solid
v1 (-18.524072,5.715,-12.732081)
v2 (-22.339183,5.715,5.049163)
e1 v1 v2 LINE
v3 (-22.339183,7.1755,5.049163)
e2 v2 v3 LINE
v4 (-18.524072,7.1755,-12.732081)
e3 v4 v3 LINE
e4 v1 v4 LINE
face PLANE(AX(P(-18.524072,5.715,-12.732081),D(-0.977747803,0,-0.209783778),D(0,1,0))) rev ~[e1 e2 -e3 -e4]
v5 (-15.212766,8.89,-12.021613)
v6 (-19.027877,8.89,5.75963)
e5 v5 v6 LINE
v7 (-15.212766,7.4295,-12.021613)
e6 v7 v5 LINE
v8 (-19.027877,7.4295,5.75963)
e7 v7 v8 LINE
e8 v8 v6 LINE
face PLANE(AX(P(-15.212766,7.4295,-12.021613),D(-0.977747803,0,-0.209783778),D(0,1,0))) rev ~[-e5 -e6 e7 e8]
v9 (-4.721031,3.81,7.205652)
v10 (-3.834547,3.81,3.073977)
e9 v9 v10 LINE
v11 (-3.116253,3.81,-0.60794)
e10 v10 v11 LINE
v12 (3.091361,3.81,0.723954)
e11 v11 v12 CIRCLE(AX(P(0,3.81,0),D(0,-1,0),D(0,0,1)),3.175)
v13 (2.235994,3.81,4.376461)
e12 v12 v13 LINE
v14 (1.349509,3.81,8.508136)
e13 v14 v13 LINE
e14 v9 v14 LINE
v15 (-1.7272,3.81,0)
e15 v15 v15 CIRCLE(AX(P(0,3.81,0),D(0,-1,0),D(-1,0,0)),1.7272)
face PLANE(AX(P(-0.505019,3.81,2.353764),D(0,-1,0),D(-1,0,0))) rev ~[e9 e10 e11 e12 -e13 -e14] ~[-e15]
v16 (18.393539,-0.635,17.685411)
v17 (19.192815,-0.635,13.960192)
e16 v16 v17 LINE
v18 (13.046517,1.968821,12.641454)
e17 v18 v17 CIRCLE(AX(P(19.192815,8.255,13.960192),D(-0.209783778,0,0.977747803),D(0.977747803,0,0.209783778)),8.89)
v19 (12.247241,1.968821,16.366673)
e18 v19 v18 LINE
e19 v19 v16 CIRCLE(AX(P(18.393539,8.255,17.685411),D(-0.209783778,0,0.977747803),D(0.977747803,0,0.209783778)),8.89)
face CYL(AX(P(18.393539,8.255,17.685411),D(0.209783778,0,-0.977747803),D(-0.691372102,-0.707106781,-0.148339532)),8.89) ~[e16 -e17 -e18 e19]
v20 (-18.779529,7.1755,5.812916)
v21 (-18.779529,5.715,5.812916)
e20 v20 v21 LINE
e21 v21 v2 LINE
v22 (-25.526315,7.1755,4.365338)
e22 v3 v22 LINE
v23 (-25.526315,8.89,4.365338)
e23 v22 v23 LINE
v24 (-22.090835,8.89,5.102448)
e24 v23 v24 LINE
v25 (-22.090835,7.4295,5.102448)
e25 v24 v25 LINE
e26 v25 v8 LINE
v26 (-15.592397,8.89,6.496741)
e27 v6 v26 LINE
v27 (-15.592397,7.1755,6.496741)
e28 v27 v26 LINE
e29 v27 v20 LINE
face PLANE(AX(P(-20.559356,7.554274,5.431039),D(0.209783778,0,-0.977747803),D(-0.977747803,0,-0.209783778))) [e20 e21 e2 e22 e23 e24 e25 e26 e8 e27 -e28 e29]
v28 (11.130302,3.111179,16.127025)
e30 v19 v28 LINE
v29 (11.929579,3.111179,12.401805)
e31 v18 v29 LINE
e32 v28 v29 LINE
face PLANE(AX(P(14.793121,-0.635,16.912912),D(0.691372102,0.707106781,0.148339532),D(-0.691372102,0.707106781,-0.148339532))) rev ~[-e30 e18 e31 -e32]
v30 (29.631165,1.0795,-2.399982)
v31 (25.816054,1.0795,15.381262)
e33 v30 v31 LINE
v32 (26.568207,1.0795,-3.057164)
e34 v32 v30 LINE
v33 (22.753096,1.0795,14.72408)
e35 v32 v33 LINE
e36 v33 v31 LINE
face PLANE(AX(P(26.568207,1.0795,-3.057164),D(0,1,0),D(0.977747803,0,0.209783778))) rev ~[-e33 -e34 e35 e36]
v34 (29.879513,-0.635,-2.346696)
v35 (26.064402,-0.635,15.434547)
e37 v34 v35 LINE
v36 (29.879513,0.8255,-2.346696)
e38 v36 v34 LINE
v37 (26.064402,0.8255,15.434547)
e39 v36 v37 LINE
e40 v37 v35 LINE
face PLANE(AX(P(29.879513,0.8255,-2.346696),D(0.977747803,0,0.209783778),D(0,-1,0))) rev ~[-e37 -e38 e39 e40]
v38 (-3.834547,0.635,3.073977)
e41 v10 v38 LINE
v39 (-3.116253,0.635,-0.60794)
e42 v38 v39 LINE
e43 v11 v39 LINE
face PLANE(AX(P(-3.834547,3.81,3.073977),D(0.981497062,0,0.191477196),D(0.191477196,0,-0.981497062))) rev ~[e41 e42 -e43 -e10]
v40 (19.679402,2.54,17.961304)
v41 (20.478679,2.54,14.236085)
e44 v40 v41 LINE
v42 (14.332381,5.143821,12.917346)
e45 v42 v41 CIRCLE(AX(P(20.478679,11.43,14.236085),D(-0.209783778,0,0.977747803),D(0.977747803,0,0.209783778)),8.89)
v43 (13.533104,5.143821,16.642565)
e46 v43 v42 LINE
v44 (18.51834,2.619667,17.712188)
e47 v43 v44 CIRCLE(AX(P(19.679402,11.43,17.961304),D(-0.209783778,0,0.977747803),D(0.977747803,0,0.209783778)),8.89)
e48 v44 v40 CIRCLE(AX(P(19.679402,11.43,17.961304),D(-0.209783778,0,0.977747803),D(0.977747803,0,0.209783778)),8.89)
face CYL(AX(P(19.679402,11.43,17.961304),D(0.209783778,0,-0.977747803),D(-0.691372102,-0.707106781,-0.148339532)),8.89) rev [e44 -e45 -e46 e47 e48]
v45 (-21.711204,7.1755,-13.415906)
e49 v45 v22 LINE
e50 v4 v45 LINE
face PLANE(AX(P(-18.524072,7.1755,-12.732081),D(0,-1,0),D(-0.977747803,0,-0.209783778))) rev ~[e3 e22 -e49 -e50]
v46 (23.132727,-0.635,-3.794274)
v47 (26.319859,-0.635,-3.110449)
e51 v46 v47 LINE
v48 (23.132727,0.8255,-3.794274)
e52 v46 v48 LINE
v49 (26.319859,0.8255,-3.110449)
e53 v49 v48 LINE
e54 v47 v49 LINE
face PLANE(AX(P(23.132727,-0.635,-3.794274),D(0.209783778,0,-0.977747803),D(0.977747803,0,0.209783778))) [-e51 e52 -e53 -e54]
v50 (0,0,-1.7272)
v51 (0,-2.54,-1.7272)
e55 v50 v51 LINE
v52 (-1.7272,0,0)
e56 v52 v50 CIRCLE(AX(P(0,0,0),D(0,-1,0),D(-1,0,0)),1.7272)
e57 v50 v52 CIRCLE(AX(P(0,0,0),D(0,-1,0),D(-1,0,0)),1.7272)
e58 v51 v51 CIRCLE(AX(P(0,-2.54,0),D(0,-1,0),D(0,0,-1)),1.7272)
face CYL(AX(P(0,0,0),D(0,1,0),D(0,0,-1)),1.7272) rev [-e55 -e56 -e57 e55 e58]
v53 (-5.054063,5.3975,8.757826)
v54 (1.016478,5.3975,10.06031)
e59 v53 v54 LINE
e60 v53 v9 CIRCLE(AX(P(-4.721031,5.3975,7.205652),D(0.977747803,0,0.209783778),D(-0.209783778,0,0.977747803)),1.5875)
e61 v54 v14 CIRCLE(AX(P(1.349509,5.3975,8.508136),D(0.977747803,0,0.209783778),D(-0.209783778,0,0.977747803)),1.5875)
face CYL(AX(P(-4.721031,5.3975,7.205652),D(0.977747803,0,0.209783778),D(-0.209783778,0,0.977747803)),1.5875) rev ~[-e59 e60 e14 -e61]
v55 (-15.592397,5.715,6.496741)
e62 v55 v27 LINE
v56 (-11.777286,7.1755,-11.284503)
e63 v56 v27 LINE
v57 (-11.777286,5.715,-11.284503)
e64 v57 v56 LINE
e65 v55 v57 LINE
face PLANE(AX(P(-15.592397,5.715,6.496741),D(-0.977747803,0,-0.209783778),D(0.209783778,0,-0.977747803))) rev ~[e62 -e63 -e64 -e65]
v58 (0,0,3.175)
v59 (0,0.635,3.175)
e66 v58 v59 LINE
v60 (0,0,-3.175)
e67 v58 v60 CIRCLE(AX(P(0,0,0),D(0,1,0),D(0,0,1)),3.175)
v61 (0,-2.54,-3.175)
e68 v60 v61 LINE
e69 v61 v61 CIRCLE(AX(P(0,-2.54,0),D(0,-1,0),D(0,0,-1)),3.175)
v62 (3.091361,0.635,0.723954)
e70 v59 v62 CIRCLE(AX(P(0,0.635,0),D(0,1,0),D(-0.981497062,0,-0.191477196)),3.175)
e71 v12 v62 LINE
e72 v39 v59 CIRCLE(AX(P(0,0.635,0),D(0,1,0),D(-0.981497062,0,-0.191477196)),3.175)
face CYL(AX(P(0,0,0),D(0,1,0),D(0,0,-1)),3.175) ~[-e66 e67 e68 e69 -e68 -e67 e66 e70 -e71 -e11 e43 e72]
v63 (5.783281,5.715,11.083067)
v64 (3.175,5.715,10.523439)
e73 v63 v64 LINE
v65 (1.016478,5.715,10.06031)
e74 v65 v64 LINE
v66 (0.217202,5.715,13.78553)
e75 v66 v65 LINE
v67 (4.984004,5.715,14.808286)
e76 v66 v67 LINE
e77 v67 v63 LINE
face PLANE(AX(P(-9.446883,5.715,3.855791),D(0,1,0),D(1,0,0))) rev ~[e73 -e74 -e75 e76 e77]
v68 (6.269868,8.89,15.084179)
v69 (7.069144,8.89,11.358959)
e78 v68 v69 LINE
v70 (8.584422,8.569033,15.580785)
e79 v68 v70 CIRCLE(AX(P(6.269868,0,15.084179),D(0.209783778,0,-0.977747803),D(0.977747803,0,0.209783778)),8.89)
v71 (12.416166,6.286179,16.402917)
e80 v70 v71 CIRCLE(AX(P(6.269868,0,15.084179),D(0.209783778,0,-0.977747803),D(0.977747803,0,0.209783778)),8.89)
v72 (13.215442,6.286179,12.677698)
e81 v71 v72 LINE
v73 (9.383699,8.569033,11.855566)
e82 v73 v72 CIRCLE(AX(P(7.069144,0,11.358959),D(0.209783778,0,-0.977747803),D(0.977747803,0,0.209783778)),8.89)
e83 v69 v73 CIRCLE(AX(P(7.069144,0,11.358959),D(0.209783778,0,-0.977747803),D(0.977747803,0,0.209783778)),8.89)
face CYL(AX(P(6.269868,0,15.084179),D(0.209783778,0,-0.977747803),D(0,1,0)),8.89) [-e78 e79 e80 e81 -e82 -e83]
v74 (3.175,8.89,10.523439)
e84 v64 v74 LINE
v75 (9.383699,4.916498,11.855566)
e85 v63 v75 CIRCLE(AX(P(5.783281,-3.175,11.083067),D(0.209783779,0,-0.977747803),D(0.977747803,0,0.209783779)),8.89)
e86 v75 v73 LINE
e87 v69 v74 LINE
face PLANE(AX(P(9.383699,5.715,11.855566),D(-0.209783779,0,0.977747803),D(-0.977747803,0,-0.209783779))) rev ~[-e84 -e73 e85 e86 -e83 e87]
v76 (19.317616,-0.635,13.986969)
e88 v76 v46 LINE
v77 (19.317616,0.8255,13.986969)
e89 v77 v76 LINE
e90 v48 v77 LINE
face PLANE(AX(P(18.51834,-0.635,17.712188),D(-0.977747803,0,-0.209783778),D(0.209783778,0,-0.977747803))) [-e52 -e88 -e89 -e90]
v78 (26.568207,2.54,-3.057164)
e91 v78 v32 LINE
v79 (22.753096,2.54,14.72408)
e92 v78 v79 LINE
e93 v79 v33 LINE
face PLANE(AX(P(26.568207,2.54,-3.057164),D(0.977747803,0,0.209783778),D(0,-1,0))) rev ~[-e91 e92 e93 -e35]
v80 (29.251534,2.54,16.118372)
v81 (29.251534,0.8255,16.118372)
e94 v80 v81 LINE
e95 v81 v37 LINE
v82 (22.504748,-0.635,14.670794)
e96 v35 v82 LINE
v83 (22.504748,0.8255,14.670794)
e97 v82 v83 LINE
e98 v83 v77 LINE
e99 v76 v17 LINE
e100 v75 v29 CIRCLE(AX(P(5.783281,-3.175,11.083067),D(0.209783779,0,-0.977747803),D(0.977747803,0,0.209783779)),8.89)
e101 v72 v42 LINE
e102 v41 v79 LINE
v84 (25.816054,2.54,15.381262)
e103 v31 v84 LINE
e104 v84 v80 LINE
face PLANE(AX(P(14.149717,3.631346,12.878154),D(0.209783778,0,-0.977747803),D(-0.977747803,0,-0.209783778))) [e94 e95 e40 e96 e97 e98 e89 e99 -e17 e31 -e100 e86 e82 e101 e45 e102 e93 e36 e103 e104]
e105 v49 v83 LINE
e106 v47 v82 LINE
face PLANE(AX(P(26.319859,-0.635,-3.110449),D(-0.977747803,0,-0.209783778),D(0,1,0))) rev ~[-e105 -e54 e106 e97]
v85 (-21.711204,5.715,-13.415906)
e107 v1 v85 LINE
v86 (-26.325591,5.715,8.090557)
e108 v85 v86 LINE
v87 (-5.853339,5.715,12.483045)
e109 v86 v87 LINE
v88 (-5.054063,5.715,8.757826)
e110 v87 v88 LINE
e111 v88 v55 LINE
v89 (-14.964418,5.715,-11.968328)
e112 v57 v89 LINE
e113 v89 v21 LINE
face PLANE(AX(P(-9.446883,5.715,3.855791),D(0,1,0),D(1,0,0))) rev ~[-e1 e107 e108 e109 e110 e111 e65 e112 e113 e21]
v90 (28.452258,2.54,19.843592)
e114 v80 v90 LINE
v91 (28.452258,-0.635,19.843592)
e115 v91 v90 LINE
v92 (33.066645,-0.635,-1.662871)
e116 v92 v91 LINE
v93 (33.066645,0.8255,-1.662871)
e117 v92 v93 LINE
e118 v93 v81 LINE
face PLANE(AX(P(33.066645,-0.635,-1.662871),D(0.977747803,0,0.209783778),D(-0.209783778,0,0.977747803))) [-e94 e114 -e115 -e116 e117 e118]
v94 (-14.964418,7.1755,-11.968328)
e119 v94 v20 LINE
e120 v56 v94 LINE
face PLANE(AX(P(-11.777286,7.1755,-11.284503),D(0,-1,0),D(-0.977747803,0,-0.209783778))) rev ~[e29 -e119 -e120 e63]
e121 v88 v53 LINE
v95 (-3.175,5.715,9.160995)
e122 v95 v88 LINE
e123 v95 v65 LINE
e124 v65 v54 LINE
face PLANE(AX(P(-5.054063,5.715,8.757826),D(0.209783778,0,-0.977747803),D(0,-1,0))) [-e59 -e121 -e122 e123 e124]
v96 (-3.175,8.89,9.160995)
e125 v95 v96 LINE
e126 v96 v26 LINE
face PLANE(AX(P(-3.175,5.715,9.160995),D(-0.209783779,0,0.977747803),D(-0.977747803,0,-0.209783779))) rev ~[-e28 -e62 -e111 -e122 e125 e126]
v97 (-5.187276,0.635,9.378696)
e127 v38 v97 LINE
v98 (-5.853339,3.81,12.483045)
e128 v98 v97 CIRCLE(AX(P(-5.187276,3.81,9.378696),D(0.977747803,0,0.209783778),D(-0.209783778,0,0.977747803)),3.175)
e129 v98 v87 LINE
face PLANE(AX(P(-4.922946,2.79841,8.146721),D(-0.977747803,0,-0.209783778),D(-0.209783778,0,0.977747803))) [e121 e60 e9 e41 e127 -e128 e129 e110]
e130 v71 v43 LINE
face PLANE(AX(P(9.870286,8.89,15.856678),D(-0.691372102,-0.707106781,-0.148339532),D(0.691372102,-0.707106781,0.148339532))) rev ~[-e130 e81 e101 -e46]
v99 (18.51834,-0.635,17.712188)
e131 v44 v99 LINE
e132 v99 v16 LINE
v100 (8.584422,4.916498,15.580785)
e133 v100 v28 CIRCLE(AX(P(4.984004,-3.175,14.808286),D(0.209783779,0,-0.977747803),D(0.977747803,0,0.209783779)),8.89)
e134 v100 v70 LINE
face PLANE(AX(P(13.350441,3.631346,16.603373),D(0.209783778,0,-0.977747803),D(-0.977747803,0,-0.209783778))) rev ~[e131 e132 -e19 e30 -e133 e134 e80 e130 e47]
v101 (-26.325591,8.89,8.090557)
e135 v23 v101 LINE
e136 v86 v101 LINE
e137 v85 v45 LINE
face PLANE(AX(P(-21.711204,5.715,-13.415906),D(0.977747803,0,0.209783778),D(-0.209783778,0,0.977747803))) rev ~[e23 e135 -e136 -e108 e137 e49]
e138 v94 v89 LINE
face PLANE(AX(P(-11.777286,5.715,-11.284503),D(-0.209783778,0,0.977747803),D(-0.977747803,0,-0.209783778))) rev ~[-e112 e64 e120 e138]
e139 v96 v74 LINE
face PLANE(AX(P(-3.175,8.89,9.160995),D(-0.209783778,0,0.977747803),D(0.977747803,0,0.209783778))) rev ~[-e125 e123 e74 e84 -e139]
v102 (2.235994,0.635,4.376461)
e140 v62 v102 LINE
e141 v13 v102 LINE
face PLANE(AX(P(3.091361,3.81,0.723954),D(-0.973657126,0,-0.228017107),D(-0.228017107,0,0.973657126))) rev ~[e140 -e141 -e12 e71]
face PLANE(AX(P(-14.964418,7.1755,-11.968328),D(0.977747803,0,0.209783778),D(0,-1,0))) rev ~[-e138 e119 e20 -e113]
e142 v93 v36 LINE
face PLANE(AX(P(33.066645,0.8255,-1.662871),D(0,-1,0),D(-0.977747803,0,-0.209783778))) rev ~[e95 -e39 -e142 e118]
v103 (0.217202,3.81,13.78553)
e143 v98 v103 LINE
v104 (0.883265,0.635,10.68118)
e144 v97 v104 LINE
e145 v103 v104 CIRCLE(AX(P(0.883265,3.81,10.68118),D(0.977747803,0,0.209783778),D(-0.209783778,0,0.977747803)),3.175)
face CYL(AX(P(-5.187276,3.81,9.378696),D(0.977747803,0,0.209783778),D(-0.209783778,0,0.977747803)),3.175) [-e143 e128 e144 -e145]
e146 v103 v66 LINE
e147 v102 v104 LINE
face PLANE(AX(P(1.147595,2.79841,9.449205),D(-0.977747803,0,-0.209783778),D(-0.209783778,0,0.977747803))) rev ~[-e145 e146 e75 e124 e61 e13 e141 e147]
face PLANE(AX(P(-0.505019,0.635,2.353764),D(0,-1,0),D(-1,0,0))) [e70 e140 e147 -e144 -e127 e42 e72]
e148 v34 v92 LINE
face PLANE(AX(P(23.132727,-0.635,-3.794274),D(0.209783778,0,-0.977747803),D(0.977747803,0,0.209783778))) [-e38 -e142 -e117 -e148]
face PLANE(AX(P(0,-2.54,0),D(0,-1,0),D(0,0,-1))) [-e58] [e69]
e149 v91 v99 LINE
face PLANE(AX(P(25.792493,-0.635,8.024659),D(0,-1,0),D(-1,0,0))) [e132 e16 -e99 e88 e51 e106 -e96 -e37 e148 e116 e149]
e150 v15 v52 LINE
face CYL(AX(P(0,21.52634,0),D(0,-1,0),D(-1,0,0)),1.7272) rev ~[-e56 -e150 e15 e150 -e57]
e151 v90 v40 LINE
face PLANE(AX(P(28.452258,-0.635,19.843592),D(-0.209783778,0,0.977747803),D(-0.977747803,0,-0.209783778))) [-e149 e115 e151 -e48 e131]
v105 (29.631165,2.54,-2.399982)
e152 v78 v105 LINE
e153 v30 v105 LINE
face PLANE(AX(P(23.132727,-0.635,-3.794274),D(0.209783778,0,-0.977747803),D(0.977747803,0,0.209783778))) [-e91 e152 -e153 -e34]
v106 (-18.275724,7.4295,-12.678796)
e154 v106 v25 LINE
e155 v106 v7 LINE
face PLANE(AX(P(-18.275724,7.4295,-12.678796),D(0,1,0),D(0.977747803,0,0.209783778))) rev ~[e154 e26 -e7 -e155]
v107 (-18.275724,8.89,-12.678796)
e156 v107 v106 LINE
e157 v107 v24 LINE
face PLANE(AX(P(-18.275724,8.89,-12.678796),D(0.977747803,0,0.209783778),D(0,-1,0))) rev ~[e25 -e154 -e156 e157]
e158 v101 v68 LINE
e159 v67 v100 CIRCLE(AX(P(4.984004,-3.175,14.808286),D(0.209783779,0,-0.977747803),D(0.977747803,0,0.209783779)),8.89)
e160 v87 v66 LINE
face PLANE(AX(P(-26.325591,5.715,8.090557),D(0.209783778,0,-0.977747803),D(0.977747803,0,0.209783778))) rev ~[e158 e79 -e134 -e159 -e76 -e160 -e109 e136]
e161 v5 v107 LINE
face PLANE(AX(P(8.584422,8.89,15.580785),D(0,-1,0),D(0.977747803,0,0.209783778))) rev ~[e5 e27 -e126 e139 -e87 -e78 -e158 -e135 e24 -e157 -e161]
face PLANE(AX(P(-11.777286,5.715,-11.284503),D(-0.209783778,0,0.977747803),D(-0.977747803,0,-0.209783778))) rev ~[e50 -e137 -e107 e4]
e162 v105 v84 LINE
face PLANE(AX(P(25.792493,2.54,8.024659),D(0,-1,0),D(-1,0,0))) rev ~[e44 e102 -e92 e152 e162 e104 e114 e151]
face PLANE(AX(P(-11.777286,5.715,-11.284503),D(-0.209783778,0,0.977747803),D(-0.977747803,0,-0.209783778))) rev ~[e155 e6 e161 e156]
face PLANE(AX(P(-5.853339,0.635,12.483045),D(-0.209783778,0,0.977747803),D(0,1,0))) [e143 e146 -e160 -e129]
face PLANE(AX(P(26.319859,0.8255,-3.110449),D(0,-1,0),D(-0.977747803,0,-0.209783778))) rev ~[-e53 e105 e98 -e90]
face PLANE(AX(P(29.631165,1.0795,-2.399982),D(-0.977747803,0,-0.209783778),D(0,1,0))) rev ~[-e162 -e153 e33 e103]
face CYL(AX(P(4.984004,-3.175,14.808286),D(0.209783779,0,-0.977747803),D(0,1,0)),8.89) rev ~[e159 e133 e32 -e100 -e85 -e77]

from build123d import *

# Parameters (mm, degrees)
SKETCH1_R             = 3.175
BOSS_EXTRUDE1_DEPTH   = 8.89
F_4_CLEARANCE_HOLE1_D = 3.4544
BOSS_EXTRUDE2_START   = -3.175
BOSS_EXTRUDE2_DEPTH   = 3.175
BOSS_EXTRUDE3_DEPTH   = 3.81
BOSS_EXTRUDE4_START   = -9.525
BOSS_EXTRUDE4_DEPTH   = 3.175
CUT_EXTRUDE1_DEPTH    = 18.185920344
CUT_EXTRUDE2_DEPTH    = 5.08
BOSS_EXTRUDE5_START   = -20.938172
BOSS_EXTRUDE5_DEPTH   = 6.208698
BOSS_EXTRUDE6_DEPTH   = 3.175
FILLET2_R             = 8.89
FILLET3_R             = 1.5875
FILLET4_R             = 3.175
SKETCH16_R            = 3.175
SKETCH16_R_2          = 1.7272
BOSS_EXTRUDE7_DEPTH   = 2.54


with BuildPart() as part:
    # Sketch1 → Boss-Extrude1 (new body)
    with BuildSketch(Plane(origin=(0, 0, 0), x_dir=(1, 0, 0), z_dir=(0, 1, 0))):
        with Locations(Location((0, 0, 0), (0, 0, 270))):
            Circle(SKETCH1_R)
    extrude(amount=BOSS_EXTRUDE1_DEPTH)

    # #4 Clearance Hole1 (through all)
    with Locations(Plane(origin=(0, 8.89, 0), x_dir=(1, 0, 0), z_dir=(0, 1, 0))):
        with Locations((0, 0)):
            Hole(F_4_CLEARANCE_HOLE1_D / 2)

    # Sketch5 → Boss-Extrude2 (add)
    with BuildSketch(Plane(origin=(0, 8.89, 0), x_dir=(1, 0, 0), z_dir=(0, 1, 0)).offset(BOSS_EXTRUDE2_START)):
        with BuildLine():
            Line((-26.325590973, -8.090556636), (8.584422353, -15.580785179))
            Line((8.584422353, -15.580785179), (9.383698549, -11.85556605))
            Line((9.383698549, -11.85556605), (3.175, -10.523439056))
            Line((3.175, -10.523439056), (3.175, 0))
            ThreePointArc((3.175, 0), (0, -3.175), (-3.175, 0))
            Line((-3.175, 0), (-3.175, -9.160994683))
            Line((-3.175, -9.160994683), (-15.592397098, -6.496740696))
            Line((-15.592397098, -6.496740696), (-11.777286014, 11.284502966))
            Line((-11.777286014, 11.284502966), (-21.711203692, 13.415906155))
            Line((-21.711203692, 13.415906155), (-26.325590973, -8.090556636))
        make_face()
    extrude(amount=BOSS_EXTRUDE2_DEPTH)

    # Sketch11 → Boss-Extrude3 (add)
    with BuildSketch(Plane(origin=(-2.818068695, 0, 13.134287577), x_dir=(0.977747803012258, 0, 0.20978377845940036), z_dir=(-0.20978377845940033, 0, 0.9777478030122579))):
        Polygon((11.661996082, 8.89), (12.977124143, 8.89), (19.327124143, 2.54), (21.821996082, 2.54), (21.821996082, -0.635), (18.011996082, -0.635), (11.661996082, 5.715), align=None)
    extrude(amount=-BOSS_EXTRUDE3_DEPTH)

    # Sketch12 → Boss-Extrude4 (add)
    with BuildSketch(Plane(origin=(0, 8.89, 0), x_dir=(1, 0, 0), z_dir=(0, 1, 0)).offset(BOSS_EXTRUDE4_START)):
        Polygon((18.518340032, -17.712188368), (23.132727312, 3.794274423), (33.066644991, 1.662871234), (28.45225771, -19.843591557), align=None)
    extrude(amount=BOSS_EXTRUDE4_DEPTH)

    # Sketch6 → Cut-Extrude1 (cut)
    with BuildSketch(Plane(origin=(1.796318586, 0, -8.372175215), x_dir=(-0.977747803012258, 0, -0.20978377845940016), z_dir=(0.20978377845940016, 0, -0.977747803012258))):
        Polygon((17.142187862, 7.1755), (17.142187862, 5.715), (20.782854529, 5.715), (20.782854529, 7.1755), (24.042521196, 7.1755), (24.042521196, 8.89), (20.528854529, 8.89), (20.528854529, 7.4295), (17.396187862, 7.4295), (17.396187862, 8.89), (13.882521196, 8.89), (13.882521196, 7.1755), align=None)
        Polygon((-28.722329416, 0.8255), (-28.722329416, -0.635), (-25.081662749, -0.635), (-25.081662749, 0.8255), (-21.821996082, 0.8255), (-21.821996082, 2.54), (-25.335662749, 2.54), (-25.335662749, 1.0795), (-28.468329416, 1.0795), (-28.468329416, 2.54), (-31.981996082, 2.54), (-31.981996082, 0.8255), align=None)
    extrude(amount=-CUT_EXTRUDE1_DEPTH, mode=Mode.SUBTRACT)

    # Sketch13 → Cut-Extrude2 (cut)
    with BuildSketch(Plane(origin=(0, 8.89, 0), x_dir=(1, 0, 0), z_dir=(0, 1, 0))):
        Polygon((-3.175, -9.160994683), (3.175, -10.523439056), (3.175, 7.256560944), (-3.175, 7.256560944), align=None)
    extrude(amount=-CUT_EXTRUDE2_DEPTH, mode=Mode.SUBTRACT)


with BuildPart() as cut_extrude2_piece_1:
    # of the separate pieces the step leaves, piece 1, a body of its own (cut_extrude2_pieces)
    add(part.part.solids().sort_by_distance((-18.52407177, 5.715, -12.732080965))[0])

    # Sketch14 → Boss-Extrude5 (add)
    with BuildSketch(Plane(origin=(-23.507522278, 0, -5.04373094), x_dir=(-0.20978377845940016, 0, 0.977747803012258), z_dir=(-0.977747803012258, 0, -0.20978377845940016)).offset(BOSS_EXTRUDE5_START)):
        Polygon((3.81, 0.635), (13.433205921, 0.635), (13.433205921, 5.715), (9.635481661, 5.715), (9.623205921, 5.715), (9.623205921, 3.81), (3.81, 3.81), align=None)
    extrude(amount=-BOSS_EXTRUDE5_DEPTH)



with BuildPart() as cut_extrude2_piece_2:
    # of the separate pieces the step leaves, piece 2, a body of its own (cut_extrude2_pieces)
    add(part.part.solids().sort_by_distance((0, 0, 3.175))[0])


with BuildPart() as cut_extrude2_piece_1_1:
    add(cut_extrude2_piece_1.part)

    add(cut_extrude2_piece_2.part)  # Boss-Extrude6 merges Cut-Extrude2 piece 2
    # Sketch15 → Boss-Extrude6 (add)
    with BuildSketch(Plane(origin=(0, 3.81, 0), x_dir=(1, 0, 0), z_dir=(0, 1, 0))):
        with BuildLine():
            Line((-3.834546879, -3.073977009), (-3.116253173, 0.607940096))
            ThreePointArc((-3.116253173, 0.607940096), (-0.666063497, -3.104349275), (3.091361375, -0.723954316))
            Line((3.091361375, -0.723954316), (2.235994487, -4.37646125))
            Line((2.235994487, -4.37646125), (-3.834546879, -3.073977009))
        make_face()
    extrude(amount=-BOSS_EXTRUDE6_DEPTH)

    # Fillet2
    fillet2_edges = [cut_extrude2_piece_1_1.edges().sort_by_distance(p)[0] for p in [
        (8.984060451, 5.715, 13.718175614),
        (10.269924023, 8.89, 13.994068148),
        (16.478622572, 2.54, 15.326195141),
        (15.192759, -0.635, 15.050302607),
    ]]
    fillet(fillet2_edges, radius=FILLET2_R)

    # Fillet3
    fillet3_edges = [cut_extrude2_piece_1_1.edges().sort_by_distance(p)[0] for p in [
        (-2.01879269, 3.81, 9.409068406),
    ]]
    fillet(fillet3_edges, radius=FILLET3_R)

    # Fillet4
    fillet4_edges = [cut_extrude2_piece_1_1.edges().sort_by_distance(p)[0] for p in [
        (-2.818068886, 0.635, 13.134287535),
    ]]
    fillet(fillet4_edges, radius=FILLET4_R)

    # Sketch16 → Boss-Extrude7 (add)
    with BuildSketch(Plane.XZ):
        with Locations(Location((0, 0, 0), (0, 0, 270))):
            Circle(SKETCH16_R)
        with Locations(Location((0, 0, 0), (0, 0, 270))):
            Circle(SKETCH16_R_2, mode=Mode.SUBTRACT)
    extrude(amount=BOSS_EXTRUDE7_DEPTH)


solid = cut_extrude2_piece_1_1.part
